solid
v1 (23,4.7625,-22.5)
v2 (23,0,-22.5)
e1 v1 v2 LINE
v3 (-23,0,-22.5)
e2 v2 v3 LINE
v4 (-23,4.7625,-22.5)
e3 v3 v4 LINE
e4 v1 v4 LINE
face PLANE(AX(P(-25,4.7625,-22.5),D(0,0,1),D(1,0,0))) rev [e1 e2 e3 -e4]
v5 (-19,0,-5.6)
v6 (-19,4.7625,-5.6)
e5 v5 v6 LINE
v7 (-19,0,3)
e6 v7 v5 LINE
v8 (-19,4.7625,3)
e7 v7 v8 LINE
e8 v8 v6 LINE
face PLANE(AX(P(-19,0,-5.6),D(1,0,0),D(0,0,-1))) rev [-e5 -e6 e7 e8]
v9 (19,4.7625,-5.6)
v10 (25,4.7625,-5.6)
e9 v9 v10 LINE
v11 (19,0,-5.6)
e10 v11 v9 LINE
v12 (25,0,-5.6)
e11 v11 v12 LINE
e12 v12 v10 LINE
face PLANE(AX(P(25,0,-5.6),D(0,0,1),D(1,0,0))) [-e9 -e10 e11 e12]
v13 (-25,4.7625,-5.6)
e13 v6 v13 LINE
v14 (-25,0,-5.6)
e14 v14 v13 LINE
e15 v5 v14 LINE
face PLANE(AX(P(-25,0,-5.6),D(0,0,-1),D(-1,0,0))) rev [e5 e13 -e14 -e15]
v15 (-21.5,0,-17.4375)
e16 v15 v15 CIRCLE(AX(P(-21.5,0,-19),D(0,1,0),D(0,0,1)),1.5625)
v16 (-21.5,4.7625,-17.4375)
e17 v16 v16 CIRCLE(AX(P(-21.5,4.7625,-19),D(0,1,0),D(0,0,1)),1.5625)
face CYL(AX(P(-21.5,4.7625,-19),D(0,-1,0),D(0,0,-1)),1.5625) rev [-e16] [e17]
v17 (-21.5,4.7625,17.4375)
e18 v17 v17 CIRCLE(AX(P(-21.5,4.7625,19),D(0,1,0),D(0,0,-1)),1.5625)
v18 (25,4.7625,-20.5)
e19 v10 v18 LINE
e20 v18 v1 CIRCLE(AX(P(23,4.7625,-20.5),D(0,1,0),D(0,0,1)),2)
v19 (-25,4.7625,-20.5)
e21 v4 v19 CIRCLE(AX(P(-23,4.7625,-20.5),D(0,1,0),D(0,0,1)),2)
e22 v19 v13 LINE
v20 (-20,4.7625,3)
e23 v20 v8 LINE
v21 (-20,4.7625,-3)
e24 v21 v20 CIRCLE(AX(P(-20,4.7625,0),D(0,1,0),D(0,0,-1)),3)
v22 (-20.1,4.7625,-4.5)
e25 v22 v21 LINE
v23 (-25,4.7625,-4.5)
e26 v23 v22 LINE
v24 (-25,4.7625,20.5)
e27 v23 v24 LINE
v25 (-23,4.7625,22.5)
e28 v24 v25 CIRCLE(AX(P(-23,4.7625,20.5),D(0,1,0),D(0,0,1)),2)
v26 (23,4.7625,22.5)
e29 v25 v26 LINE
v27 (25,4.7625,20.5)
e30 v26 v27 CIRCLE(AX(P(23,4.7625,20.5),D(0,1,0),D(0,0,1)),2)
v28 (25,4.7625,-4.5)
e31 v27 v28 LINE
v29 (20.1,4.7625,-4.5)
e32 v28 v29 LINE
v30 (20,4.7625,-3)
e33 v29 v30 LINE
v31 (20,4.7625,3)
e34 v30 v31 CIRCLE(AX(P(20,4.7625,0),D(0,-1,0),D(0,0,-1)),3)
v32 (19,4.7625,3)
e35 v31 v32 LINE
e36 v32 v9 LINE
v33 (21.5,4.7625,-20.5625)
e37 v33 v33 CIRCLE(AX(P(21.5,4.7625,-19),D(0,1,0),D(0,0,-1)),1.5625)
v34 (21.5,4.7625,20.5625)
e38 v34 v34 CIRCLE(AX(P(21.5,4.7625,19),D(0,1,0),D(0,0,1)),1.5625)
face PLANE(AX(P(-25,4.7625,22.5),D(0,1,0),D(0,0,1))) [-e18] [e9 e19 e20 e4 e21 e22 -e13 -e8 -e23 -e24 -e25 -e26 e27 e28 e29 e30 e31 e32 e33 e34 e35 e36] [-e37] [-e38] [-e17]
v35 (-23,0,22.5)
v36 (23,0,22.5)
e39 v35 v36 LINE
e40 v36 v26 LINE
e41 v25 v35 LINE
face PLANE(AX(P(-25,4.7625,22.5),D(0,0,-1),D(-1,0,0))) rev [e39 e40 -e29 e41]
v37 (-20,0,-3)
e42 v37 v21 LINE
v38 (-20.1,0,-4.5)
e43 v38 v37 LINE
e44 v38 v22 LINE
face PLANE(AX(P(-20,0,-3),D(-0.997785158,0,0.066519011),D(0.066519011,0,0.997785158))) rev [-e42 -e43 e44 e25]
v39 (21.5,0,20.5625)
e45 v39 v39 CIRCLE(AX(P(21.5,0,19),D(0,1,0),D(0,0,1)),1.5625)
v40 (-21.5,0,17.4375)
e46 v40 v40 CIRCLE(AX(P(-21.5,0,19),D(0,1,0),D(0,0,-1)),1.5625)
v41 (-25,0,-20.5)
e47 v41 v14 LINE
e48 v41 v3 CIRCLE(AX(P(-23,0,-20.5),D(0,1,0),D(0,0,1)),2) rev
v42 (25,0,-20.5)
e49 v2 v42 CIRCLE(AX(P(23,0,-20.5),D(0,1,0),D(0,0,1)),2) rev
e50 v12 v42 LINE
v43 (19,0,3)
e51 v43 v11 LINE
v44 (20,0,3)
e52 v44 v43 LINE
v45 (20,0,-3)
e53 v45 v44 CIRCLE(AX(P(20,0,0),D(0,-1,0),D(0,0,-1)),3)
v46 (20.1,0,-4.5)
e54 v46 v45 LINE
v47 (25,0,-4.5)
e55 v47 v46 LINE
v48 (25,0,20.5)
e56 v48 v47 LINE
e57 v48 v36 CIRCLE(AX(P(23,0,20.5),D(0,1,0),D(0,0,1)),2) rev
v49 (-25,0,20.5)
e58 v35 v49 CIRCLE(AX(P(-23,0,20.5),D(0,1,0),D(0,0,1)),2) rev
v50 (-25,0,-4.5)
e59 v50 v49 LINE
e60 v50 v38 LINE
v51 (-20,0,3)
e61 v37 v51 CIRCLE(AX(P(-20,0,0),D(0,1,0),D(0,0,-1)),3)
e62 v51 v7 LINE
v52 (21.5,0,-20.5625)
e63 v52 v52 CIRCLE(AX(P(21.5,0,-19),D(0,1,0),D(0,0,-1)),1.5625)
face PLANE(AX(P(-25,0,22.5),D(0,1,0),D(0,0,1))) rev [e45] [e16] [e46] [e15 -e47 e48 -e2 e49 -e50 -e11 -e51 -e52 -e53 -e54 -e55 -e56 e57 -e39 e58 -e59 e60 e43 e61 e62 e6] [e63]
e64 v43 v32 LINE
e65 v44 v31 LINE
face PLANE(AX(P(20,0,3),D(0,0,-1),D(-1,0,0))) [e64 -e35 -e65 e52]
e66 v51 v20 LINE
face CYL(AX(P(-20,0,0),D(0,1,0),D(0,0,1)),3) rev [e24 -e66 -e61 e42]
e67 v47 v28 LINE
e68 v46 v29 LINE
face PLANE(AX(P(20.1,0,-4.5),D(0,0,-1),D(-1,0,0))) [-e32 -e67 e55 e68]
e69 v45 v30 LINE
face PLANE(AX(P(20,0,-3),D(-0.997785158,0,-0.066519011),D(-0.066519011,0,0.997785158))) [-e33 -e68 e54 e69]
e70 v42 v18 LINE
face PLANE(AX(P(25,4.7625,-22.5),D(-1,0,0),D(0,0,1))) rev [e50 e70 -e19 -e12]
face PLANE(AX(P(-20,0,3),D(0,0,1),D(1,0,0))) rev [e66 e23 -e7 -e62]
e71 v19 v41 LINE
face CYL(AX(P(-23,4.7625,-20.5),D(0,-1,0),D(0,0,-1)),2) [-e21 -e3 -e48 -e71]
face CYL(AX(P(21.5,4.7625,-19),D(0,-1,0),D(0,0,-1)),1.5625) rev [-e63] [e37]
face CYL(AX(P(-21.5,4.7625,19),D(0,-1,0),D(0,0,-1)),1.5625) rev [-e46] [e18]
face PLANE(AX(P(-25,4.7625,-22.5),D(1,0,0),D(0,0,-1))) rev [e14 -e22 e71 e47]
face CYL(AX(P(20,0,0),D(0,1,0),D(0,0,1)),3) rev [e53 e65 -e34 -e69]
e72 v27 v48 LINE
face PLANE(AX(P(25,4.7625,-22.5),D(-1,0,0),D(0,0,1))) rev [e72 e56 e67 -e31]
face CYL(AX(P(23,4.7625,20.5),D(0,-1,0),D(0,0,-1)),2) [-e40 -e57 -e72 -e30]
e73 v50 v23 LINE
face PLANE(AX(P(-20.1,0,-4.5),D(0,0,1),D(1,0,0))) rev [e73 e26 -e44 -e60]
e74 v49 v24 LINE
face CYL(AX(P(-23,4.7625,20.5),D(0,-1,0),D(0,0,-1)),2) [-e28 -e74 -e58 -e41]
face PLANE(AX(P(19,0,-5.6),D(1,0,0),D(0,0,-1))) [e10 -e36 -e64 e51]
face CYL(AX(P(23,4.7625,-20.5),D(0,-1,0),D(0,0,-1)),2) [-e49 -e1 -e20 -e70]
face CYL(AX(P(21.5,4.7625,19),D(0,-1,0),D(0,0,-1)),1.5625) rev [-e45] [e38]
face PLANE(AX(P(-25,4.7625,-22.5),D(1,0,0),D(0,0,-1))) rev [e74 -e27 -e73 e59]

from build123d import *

# Parameters (mm, degrees)
SKETCH1_W           = 50
SKETCH1_H           = 45
SKETCH1_R           = 1.5625
BOSS_EXTRUDE1_DEPTH = 4.7625
FILLET1_R           = 2
CUT_EXTRUDE1_DEPTH  = 5.7625


with BuildPart() as part:
    # Sketch1 → Boss-Extrude1 (new body)
    with BuildSketch(Plane(origin=(0, 0, 0), x_dir=(1, 0, 0), z_dir=(0, 1, 0))):
        Rectangle(SKETCH1_W, SKETCH1_H)
        with Locations((-21.5, 19)):
            Circle(SKETCH1_R, mode=Mode.SUBTRACT)
        with Locations((21.5, 19)):
            Circle(SKETCH1_R, mode=Mode.SUBTRACT)
        with Locations((21.5, -19)):
            Circle(SKETCH1_R, mode=Mode.SUBTRACT)
        with Locations((-21.5, -19)):
            Circle(SKETCH1_R, mode=Mode.SUBTRACT)
    extrude(amount=BOSS_EXTRUDE1_DEPTH)

    # Fillet1
    fillet1_edges = [part.edges().sort_by_distance(p)[0] for p in [
        (-25, 2.38125, -22.5),
        (25, 2.38125, -22.5),
        (25, 2.38125, 22.5),
        (-25, 2.38125, 22.5),
    ]]
    fillet(fillet1_edges, radius=FILLET1_R)

    # Sketch2 → Cut-Extrude1 (cut, through all)
    with BuildSketch(Plane(origin=(0, 4.7625, 0), x_dir=(1, 0, 0), z_dir=(0, 1, 0))):
        with BuildLine():
            Line((-25, 5.6), (-19, 5.6))
            Line((-19, 5.6), (-19, -3))
            Line((-19, -3), (-20, -3))
            ThreePointArc((-20, -3), (-23, 0), (-20, 3))
            Line((-20, 3), (-20.1, 4.5))
            Line((-20.1, 4.5), (-25, 4.5))
            Line((-25, 4.5), (-25, 5.6))
        make_face()
    cut_extrude1 = extrude(amount=-CUT_EXTRUDE1_DEPTH, mode=Mode.SUBTRACT)

    # Mirror1: Cut-Extrude1 across plane
    add(cut_extrude1.mirror(Plane(origin=(0, 0, 0), x_dir=(0, 0, 1), z_dir=(1, 0, 0))), mode=Mode.SUBTRACT)


solid = part.part
